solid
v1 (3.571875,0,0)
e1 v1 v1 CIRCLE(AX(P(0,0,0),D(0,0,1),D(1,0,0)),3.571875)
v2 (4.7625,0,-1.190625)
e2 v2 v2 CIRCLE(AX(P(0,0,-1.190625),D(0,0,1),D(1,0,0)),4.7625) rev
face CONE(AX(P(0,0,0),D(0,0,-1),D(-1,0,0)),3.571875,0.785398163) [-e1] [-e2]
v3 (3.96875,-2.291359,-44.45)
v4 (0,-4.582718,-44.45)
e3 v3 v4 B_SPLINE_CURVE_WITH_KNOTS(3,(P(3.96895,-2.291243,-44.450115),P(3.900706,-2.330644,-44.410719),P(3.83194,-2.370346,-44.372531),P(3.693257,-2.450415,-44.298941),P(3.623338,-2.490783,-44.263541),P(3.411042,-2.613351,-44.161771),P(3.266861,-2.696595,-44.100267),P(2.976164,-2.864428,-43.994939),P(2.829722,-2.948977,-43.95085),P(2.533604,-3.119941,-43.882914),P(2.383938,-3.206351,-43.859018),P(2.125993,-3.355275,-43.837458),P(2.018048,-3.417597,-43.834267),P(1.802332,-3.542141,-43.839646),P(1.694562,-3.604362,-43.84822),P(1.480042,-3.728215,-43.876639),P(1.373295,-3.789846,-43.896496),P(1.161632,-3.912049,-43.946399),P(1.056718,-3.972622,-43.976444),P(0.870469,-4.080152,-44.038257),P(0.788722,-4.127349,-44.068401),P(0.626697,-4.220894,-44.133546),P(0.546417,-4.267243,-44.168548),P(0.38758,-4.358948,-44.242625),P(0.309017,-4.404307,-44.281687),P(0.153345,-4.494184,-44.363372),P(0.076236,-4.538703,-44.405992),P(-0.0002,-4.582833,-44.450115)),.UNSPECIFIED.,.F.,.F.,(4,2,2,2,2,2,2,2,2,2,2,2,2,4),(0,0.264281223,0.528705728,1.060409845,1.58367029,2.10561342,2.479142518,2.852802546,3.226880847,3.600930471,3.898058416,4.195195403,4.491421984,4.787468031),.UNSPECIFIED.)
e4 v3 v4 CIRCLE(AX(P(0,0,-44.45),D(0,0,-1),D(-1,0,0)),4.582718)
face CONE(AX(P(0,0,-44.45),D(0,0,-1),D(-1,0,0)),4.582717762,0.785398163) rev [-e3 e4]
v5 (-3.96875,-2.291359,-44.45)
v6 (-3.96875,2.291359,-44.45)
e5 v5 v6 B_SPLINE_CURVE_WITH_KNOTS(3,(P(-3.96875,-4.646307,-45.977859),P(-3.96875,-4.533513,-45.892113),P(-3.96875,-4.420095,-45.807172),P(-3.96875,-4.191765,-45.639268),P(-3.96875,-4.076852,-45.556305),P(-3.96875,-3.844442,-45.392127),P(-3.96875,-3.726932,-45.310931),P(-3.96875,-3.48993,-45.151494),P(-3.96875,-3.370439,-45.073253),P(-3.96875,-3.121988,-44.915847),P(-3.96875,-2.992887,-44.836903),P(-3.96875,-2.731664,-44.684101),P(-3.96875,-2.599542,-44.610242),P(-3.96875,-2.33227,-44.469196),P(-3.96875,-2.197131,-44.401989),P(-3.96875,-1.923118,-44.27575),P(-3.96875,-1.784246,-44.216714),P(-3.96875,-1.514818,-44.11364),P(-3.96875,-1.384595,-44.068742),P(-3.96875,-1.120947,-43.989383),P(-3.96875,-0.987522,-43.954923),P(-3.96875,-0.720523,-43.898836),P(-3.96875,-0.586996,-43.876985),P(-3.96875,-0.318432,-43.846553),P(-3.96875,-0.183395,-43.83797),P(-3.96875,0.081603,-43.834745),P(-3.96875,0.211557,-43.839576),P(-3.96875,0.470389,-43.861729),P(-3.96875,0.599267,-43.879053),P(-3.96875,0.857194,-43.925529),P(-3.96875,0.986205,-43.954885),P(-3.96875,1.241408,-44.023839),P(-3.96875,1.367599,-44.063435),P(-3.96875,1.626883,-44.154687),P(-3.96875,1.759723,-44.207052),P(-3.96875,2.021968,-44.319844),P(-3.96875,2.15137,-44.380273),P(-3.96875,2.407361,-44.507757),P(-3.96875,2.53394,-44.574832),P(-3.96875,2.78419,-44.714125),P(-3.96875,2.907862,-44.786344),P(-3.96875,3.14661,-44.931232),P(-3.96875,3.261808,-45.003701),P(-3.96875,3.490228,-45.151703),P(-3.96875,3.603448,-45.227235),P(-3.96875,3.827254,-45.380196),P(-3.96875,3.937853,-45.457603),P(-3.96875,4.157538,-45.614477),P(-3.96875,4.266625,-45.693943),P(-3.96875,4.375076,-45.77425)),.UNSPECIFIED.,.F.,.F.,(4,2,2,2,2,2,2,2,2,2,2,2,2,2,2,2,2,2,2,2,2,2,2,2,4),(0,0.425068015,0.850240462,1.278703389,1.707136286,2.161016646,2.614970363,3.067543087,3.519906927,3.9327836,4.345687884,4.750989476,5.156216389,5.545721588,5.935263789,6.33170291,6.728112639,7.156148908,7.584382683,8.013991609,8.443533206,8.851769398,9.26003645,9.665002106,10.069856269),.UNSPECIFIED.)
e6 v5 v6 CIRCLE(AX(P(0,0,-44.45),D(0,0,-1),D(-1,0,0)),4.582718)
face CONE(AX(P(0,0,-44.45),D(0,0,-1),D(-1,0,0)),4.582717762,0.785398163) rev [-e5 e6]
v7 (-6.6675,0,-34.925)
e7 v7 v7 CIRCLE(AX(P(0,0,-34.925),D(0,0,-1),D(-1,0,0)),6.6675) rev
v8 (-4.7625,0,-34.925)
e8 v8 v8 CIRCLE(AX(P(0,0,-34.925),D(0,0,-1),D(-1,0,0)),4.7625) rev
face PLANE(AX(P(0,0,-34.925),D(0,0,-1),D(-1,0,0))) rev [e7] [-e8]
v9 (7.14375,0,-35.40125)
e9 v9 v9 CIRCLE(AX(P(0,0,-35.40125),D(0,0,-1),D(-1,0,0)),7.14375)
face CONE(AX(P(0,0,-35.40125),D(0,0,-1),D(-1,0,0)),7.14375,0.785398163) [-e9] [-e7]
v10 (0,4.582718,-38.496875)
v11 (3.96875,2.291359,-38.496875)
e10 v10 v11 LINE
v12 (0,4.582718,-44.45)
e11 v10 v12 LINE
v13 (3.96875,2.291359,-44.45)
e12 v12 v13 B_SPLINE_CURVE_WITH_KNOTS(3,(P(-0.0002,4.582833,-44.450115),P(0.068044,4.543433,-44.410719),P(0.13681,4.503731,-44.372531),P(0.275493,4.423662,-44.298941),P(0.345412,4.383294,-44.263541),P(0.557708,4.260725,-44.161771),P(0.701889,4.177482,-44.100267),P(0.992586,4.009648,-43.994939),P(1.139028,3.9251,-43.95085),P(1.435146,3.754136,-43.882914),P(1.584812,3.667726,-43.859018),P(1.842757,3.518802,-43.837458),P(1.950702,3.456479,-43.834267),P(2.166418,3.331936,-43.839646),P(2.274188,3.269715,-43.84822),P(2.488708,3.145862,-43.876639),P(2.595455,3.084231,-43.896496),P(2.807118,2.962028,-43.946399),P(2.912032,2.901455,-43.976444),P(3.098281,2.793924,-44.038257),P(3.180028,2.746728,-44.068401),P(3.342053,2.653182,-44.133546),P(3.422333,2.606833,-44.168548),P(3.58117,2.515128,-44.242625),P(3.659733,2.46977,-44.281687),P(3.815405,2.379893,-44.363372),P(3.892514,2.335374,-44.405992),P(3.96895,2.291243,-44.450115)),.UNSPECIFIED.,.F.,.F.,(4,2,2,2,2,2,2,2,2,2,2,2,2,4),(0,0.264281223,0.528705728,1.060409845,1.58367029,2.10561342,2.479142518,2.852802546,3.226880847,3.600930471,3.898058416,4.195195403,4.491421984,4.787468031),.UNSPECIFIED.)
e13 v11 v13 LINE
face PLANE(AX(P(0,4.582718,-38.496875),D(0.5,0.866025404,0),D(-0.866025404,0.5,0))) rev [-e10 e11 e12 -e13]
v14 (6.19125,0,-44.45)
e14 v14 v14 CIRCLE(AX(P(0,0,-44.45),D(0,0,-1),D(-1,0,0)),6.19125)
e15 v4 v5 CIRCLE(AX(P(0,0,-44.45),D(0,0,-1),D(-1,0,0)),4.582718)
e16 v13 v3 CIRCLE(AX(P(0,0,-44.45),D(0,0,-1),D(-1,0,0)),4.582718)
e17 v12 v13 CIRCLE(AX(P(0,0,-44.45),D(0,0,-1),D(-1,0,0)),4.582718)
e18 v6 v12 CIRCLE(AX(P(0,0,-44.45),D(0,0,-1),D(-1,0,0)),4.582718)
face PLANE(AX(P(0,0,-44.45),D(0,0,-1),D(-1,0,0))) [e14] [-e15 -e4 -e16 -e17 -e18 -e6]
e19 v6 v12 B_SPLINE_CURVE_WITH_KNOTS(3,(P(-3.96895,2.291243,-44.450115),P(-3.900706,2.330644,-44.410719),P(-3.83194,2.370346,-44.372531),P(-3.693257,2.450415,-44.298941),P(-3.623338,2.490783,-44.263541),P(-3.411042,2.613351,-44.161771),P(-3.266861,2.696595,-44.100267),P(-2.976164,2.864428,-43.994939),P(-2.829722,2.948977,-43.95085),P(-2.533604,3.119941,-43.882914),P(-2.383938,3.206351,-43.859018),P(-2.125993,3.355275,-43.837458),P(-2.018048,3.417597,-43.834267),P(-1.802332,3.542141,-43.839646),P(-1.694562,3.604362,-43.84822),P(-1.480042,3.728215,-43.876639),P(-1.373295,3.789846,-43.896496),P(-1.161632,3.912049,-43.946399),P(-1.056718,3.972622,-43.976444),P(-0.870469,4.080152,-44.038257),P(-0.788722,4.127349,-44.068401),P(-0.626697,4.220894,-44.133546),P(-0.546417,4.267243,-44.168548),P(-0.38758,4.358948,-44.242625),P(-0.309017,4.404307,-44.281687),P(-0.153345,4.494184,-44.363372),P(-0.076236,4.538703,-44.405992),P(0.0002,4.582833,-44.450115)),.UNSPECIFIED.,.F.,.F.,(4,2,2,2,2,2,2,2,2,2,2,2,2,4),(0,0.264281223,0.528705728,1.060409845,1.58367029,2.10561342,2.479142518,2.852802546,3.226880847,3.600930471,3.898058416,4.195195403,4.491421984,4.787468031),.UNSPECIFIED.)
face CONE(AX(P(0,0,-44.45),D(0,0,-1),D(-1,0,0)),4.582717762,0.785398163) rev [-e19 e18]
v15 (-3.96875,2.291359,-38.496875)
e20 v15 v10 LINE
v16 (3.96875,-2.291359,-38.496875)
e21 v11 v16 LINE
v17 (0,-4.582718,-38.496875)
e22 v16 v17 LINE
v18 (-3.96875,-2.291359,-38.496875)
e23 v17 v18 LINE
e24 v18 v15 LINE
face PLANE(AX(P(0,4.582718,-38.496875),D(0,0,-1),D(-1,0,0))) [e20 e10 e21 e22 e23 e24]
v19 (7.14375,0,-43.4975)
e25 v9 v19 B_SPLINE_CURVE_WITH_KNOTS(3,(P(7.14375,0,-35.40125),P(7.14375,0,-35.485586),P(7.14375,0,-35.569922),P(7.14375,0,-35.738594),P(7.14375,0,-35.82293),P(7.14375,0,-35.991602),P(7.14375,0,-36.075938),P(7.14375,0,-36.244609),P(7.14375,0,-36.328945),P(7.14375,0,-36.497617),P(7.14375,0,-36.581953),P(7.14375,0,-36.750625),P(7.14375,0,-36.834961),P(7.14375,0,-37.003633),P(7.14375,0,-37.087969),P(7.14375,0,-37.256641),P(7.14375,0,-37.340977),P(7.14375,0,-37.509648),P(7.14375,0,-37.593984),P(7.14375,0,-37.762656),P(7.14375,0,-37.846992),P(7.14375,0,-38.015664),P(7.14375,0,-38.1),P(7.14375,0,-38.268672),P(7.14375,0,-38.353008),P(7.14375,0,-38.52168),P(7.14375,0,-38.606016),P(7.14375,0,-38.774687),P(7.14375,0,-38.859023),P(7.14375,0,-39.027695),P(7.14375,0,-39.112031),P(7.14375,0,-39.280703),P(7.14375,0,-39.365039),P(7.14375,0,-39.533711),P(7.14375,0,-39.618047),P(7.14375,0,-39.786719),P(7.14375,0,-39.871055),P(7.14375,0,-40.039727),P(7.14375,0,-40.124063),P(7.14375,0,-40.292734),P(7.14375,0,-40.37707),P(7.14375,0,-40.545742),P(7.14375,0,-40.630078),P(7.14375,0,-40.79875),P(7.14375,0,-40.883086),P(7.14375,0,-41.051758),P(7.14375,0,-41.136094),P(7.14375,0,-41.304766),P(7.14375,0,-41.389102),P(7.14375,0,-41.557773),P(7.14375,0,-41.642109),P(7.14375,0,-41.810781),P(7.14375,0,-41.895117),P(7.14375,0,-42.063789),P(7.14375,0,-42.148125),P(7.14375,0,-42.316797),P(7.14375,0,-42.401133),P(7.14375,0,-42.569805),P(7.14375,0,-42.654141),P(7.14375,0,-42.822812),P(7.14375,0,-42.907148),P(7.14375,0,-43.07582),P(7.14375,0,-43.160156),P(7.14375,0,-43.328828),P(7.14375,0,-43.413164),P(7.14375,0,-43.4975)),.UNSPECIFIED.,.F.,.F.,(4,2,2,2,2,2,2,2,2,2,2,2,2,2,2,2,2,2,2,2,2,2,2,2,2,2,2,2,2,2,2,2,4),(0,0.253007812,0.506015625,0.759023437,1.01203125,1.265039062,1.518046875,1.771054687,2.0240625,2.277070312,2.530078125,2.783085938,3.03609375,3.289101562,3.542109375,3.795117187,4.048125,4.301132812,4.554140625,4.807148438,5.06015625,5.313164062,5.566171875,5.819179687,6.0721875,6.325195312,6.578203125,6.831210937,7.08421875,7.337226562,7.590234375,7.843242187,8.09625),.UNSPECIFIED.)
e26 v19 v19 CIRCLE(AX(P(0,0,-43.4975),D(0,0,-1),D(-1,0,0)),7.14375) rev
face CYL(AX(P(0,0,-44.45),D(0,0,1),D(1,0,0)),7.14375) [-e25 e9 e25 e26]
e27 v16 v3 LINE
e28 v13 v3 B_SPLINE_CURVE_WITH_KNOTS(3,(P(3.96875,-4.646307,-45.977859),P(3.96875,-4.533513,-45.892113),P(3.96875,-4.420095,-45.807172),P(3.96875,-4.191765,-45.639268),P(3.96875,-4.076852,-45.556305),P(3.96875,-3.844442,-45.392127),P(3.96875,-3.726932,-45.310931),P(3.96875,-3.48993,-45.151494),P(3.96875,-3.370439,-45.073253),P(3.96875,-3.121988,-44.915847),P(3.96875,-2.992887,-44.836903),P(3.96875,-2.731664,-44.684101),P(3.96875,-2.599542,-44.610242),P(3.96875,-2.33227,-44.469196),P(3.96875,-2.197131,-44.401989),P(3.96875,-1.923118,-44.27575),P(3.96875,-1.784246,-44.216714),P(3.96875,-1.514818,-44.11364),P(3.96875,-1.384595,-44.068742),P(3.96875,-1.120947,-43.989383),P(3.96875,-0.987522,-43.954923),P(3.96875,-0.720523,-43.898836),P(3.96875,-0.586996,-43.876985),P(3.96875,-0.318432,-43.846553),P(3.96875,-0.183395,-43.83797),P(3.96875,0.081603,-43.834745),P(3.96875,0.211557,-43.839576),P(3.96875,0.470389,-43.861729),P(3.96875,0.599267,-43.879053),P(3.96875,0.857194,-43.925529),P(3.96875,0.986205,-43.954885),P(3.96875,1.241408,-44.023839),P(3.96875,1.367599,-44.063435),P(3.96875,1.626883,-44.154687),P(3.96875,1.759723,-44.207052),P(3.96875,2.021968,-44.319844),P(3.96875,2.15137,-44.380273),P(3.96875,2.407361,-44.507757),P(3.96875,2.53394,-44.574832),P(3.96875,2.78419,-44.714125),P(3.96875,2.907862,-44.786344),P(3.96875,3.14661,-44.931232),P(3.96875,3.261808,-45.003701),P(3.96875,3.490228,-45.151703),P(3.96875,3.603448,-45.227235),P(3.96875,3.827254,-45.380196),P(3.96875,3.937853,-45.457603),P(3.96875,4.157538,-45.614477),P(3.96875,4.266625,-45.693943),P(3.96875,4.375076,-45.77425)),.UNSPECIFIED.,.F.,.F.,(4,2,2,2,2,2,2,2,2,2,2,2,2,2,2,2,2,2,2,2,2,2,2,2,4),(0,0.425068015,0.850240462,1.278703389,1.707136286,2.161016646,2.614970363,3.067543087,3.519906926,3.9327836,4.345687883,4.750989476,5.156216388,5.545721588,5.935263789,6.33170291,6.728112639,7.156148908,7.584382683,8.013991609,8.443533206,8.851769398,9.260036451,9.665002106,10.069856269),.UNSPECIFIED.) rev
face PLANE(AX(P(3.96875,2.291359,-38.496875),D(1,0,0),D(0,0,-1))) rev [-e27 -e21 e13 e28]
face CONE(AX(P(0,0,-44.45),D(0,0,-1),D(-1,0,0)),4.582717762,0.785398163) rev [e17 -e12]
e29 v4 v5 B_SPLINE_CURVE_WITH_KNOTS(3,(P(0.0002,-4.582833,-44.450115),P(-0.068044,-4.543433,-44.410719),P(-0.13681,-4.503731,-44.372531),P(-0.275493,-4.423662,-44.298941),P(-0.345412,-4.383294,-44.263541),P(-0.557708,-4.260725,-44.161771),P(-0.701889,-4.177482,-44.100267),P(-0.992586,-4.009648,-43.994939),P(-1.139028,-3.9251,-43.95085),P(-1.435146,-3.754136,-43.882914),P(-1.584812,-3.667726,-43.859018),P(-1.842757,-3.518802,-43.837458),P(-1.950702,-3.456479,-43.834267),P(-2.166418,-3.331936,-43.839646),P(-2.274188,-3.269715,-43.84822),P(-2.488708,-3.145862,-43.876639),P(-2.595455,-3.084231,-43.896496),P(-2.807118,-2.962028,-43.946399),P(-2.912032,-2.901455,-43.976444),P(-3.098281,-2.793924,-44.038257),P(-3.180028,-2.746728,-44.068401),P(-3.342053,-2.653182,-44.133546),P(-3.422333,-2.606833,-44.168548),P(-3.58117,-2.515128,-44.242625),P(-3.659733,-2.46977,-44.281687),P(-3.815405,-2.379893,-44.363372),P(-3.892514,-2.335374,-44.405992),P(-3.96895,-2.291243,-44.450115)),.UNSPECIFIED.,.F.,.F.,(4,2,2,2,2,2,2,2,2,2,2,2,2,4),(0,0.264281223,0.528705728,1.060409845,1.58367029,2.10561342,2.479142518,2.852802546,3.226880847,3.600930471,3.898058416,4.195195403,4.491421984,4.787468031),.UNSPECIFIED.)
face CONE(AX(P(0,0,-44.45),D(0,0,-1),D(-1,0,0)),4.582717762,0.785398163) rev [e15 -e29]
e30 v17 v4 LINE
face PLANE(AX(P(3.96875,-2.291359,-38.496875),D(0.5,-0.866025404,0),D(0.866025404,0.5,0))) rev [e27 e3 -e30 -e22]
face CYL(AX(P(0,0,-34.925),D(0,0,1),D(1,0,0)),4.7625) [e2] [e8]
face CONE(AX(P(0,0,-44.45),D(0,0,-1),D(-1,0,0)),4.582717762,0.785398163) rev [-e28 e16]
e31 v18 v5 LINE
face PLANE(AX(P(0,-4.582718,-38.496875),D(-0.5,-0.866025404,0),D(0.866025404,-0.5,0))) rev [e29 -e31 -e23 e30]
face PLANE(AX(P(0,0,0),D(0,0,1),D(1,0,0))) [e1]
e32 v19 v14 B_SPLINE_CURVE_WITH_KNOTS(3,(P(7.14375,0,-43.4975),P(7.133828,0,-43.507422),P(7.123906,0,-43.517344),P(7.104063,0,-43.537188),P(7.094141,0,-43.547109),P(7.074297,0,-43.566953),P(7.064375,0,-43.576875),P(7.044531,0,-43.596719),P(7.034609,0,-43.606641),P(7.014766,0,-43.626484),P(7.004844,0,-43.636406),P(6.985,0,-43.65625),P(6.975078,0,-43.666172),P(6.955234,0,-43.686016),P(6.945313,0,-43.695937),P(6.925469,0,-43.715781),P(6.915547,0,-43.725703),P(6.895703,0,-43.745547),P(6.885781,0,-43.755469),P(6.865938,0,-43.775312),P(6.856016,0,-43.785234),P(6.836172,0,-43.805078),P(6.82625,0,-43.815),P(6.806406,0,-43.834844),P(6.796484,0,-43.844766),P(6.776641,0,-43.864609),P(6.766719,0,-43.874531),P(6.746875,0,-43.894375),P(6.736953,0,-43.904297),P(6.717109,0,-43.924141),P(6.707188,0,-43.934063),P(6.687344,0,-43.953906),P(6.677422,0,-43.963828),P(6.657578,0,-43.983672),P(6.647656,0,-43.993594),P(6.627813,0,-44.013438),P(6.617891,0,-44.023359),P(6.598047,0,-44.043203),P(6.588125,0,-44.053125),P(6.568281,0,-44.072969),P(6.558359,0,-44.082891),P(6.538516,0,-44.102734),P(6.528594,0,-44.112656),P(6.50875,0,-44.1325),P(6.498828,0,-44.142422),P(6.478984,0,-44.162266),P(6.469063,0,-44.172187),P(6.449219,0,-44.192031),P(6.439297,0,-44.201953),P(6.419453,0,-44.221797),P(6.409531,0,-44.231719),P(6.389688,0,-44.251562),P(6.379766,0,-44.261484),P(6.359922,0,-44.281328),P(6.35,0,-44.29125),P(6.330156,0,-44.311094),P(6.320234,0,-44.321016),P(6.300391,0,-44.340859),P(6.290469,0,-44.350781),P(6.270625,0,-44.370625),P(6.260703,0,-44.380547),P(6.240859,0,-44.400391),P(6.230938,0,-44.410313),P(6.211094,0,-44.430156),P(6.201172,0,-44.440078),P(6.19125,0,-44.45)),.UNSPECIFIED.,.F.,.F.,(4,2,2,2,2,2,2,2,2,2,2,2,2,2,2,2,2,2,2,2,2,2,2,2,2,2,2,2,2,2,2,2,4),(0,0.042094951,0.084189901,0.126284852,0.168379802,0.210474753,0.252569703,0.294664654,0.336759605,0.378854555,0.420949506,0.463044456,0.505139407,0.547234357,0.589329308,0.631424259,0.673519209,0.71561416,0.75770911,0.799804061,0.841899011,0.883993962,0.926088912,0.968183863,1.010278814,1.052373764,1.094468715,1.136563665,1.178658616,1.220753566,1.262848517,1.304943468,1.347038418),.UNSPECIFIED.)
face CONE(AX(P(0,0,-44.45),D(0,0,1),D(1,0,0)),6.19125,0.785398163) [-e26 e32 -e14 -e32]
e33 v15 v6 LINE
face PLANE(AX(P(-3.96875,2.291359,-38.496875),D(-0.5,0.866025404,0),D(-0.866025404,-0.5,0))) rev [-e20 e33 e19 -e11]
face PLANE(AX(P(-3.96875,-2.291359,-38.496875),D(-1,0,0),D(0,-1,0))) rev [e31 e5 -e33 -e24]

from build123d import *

# Parameters (mm, degrees)
SKETCH1_R          = 4.7625
EXTRUDE1_DEPTH     = 34.925
SKETCH6_R          = 7.14375
EXTRUDE2_DEPTH     = 9.525
CUT_EXTRUDE1_DEPTH = 5.953125
SKETCH8_R          = 4.582717762
CUT_EXTRUDE2_DEPTH = 0.9525
CUT_EXTRUDE2_DRAFT = -45
CHAMFER1_SIZE      = 0.9525
CHAMFER2_SIZE      = 0.47625
CHAMFER3_SIZE      = 1.190625


with BuildPart() as part:
    # Sketch1 → Extrude1 (new body)
    with BuildSketch(Plane.XY):
        Circle(SKETCH1_R)
    extrude(amount=-EXTRUDE1_DEPTH)

    # Sketch6 → Extrude2 (add)
    with BuildSketch(Plane(origin=(0, 0, -34.925), x_dir=(-1, 0, 0), z_dir=(0, 0, -1))):
        with Locations(Location((0, 0, 0), (0, 0, 180))):
            Circle(SKETCH6_R)
    extrude(amount=EXTRUDE2_DEPTH)

    # Sketch7 → Cut-Extrude1 (cut)
    with BuildSketch(Plane(origin=(0, 0, -44.45), x_dir=(-1, 0, 0), z_dir=(0, 0, -1))):
        Polygon((0, 4.582717762), (-3.96875, 2.291358881), (-3.96875, -2.291358881), (0, -4.582717762), (3.96875, -2.291358881), (3.96875, 2.291358881), align=None)
    extrude(amount=-CUT_EXTRUDE1_DEPTH, mode=Mode.SUBTRACT)


with BuildPart() as cut_extrude2_tool:
    # Sketch8 → Cut-Extrude2 (with draft: the straight prism first)
    with BuildSketch(Plane(origin=(0, 0, -44.45), x_dir=(-1, 0, 0), z_dir=(0, 0, -1))):
        Circle(SKETCH8_R)
    extrude(amount=-CUT_EXTRUDE2_DEPTH)
    # Cut-Extrude2: the draft: its side faces are tilted about the plane it starts from
    cut_extrude2_sides = [cut_extrude2_tool.faces().sort_by_distance(p)[0] for p in [
        (4.582717762, 0, -43.97375),
    ]]
    draft(cut_extrude2_sides, Plane(origin=(0, 0, -44.45), x_dir=(-1, 0, 0), z_dir=(0, 0, -1)), CUT_EXTRUDE2_DRAFT)


with BuildPart() as part_1:
    add(part.part)

    # Cut-Extrude2: cut by cut_extrude2_tool
    add(cut_extrude2_tool.part, mode=Mode.SUBTRACT)

    # Chamfer1
    chamfer1_edges = [part_1.edges().sort_by_distance(p)[0] for p in [
        (-7.14375, 0, -44.45),
    ]]
    chamfer(chamfer1_edges, length=CHAMFER1_SIZE)

    # Chamfer2
    chamfer2_edges = [part_1.edges().sort_by_distance(p)[0] for p in [
        (-7.14375, 0, -34.925),
    ]]
    chamfer(chamfer2_edges, length=CHAMFER2_SIZE)

    # Chamfer3
    chamfer3_edges = [part_1.edges().sort_by_distance(p)[0] for p in [
        (-4.7625, 0, 0),
    ]]
    chamfer(chamfer3_edges, length=CHAMFER3_SIZE)


solid = part_1.part
